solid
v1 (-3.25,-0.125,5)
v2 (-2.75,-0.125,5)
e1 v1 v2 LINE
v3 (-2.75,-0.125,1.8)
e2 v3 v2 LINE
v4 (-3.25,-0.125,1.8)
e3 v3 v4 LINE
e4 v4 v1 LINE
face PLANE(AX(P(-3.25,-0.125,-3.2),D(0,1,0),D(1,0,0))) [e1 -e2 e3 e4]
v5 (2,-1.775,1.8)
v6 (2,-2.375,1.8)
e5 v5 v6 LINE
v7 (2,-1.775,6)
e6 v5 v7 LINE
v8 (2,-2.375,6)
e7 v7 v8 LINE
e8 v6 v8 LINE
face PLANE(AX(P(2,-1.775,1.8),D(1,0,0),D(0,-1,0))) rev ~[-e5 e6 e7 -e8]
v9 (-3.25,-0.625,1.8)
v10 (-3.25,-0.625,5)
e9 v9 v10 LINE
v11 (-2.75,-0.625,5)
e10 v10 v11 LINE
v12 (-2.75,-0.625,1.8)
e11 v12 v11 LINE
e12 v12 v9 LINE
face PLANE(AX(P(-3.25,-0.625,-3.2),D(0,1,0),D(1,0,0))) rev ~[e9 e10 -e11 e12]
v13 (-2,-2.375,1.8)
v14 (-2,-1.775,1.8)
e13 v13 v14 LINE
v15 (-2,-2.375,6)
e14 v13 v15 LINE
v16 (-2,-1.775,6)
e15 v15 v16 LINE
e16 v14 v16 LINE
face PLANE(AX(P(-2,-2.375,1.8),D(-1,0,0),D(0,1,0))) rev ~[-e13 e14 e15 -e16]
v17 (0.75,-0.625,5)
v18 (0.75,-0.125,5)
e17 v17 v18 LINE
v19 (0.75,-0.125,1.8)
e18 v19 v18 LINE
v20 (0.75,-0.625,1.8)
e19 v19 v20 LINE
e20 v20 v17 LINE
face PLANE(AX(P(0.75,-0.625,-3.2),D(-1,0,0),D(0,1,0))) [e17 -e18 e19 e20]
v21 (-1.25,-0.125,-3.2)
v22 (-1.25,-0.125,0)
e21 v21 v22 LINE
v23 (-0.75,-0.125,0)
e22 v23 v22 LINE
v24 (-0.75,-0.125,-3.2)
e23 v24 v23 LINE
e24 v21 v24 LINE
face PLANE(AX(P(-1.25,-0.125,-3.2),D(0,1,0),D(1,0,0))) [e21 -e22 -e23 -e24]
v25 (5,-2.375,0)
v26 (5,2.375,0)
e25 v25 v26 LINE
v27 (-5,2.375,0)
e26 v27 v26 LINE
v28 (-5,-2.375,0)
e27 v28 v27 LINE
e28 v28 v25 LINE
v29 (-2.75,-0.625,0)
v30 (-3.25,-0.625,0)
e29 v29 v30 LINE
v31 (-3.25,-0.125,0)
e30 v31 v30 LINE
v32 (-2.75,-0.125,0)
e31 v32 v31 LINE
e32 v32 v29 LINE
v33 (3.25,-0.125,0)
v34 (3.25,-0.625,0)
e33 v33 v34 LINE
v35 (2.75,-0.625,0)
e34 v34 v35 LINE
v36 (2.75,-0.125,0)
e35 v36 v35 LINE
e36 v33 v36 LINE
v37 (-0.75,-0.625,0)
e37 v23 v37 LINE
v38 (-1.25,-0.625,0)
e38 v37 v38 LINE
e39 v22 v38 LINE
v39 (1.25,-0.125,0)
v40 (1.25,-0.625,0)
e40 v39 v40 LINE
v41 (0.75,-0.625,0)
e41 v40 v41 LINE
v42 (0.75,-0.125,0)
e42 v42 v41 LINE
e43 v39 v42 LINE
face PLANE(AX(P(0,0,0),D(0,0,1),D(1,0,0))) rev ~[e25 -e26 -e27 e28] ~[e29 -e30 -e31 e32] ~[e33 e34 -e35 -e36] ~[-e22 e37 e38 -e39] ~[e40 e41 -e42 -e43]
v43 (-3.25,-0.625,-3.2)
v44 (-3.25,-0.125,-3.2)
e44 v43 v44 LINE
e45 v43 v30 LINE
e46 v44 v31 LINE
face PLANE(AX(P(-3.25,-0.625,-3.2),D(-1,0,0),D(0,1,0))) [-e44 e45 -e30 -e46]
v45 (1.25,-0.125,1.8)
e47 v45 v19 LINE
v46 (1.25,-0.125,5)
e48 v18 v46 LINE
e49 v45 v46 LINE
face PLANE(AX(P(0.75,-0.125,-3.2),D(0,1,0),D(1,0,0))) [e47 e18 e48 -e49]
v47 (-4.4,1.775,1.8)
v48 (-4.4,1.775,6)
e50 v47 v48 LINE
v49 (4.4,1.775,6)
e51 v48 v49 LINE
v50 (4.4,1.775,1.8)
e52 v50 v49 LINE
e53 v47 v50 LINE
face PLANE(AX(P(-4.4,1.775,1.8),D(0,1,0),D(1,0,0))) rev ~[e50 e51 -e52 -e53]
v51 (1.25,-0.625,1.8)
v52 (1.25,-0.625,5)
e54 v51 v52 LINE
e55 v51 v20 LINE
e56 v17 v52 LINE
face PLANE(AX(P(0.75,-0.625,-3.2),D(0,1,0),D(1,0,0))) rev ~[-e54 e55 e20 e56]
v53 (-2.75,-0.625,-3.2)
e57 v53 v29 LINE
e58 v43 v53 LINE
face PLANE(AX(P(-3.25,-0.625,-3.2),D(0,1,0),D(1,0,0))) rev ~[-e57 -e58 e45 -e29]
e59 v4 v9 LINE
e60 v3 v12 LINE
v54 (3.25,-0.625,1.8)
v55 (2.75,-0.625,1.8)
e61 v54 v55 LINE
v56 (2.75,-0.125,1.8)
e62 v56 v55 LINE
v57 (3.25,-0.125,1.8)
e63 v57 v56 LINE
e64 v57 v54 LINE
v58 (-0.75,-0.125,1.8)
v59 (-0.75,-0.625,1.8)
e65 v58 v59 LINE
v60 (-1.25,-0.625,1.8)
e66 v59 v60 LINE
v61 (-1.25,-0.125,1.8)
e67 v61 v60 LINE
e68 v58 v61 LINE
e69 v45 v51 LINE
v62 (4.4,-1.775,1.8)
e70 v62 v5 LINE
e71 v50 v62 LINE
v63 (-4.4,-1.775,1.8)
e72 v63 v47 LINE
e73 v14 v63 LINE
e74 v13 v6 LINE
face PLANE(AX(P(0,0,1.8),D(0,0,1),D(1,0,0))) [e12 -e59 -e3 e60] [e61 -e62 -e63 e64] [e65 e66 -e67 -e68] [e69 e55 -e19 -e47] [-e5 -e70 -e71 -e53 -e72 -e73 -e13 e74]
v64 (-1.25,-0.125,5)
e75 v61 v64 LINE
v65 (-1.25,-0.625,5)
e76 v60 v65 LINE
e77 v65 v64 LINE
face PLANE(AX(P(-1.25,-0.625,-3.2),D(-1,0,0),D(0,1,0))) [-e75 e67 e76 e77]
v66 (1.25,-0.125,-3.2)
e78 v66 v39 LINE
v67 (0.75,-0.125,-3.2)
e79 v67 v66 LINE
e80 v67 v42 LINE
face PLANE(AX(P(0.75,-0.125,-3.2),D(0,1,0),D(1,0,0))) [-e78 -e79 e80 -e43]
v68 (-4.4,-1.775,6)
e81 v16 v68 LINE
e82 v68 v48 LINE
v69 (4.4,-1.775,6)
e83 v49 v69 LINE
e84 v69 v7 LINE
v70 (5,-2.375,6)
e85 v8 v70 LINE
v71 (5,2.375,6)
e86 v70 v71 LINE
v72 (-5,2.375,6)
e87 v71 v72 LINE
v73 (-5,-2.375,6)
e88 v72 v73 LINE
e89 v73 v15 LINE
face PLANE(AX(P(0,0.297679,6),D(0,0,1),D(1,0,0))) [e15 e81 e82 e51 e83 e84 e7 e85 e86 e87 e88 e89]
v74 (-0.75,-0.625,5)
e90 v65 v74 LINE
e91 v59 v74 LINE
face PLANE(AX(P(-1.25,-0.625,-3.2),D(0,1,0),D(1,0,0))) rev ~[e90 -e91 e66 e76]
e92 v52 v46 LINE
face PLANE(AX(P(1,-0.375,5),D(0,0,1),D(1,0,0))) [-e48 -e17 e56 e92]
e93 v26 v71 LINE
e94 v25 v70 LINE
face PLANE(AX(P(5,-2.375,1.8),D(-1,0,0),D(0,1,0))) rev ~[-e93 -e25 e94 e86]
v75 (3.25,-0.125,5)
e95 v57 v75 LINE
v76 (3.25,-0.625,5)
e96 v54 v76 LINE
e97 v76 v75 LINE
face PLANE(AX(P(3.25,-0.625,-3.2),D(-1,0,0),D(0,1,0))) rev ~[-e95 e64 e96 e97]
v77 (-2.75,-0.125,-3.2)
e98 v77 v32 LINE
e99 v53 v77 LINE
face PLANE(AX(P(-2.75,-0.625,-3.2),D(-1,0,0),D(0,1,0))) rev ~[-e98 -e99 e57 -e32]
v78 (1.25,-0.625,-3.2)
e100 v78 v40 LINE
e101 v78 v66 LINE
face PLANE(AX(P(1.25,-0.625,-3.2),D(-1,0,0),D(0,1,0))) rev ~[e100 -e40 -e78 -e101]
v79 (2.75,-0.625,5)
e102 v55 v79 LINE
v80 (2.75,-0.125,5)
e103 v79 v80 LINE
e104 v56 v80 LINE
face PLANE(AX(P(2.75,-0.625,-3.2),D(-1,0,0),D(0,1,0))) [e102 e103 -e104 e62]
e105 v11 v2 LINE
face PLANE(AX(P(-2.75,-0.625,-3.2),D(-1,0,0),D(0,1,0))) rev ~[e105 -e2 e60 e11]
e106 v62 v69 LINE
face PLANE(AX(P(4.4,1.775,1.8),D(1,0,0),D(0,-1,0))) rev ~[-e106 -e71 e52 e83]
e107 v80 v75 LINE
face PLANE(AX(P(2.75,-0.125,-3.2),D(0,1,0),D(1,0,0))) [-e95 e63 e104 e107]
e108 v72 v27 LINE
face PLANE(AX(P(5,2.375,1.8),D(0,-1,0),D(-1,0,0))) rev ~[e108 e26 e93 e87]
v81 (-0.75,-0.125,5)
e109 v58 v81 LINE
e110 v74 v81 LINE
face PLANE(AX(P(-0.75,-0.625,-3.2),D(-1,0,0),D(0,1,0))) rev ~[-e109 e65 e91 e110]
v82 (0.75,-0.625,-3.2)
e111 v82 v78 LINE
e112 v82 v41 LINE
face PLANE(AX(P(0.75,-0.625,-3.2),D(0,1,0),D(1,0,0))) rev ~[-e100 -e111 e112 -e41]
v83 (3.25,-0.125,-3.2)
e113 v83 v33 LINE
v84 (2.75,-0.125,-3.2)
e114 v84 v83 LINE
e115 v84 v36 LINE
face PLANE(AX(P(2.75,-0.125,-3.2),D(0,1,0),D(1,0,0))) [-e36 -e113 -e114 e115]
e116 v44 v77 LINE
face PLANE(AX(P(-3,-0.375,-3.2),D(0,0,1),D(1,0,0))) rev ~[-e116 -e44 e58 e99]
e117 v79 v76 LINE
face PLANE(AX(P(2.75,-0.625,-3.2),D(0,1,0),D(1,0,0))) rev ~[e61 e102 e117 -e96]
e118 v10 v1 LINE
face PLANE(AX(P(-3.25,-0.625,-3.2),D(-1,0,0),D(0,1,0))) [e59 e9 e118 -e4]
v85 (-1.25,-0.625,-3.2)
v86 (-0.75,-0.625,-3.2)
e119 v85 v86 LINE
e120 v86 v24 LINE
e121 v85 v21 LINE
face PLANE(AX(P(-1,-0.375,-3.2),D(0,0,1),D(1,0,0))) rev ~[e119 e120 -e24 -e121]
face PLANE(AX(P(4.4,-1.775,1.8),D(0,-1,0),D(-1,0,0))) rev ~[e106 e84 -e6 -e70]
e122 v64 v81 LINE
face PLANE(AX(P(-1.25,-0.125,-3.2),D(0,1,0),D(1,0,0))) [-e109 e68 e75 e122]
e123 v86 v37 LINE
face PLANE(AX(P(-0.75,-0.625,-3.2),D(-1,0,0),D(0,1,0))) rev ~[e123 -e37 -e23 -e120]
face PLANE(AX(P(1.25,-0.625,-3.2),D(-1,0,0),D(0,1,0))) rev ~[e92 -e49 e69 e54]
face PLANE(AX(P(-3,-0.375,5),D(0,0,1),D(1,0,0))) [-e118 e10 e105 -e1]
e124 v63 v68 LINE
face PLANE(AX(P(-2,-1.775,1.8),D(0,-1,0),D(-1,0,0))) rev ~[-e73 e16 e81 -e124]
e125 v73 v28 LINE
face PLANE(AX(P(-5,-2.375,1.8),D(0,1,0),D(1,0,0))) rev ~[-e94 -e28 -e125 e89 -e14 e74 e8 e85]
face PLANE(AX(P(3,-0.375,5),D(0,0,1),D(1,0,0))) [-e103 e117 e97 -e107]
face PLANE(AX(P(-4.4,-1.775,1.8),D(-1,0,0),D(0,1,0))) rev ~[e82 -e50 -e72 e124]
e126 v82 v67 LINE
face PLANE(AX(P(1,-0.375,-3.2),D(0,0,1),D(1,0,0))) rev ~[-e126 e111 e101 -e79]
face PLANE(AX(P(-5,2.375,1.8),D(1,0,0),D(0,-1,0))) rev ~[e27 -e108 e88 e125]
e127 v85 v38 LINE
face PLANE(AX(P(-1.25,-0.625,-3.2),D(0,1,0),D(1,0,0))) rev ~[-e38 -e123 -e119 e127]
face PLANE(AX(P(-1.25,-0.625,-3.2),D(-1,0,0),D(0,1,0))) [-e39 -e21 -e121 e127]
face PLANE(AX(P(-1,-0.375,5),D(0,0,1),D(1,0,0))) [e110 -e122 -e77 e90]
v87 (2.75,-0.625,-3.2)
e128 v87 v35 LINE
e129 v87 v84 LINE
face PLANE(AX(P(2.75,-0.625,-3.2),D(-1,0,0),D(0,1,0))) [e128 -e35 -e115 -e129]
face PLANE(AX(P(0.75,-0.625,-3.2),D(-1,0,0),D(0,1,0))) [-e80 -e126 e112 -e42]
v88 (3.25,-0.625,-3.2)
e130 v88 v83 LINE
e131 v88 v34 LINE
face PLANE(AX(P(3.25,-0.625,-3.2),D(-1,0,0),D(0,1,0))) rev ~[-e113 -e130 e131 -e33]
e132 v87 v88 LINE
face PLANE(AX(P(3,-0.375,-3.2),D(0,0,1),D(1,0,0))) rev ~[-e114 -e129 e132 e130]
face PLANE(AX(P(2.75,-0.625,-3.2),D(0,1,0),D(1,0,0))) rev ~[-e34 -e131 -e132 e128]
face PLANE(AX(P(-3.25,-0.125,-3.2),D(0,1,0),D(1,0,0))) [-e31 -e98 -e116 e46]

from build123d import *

# Parameters (mm, degrees)
SKETCH1_W           = 10
SKETCH1_H           = 4.75
BOSS_EXTRUDE1_DEPTH = 1.8
BOSS_EXTRUDE2_DEPTH = 4.2
BOSS_EXTRUDE3_START = -5
SKETCH3_W           = 0.5
SKETCH3_H           = 0.5
BOSS_EXTRUDE3_DEPTH = 8.2
LPATTERN1_COUNT     = 4
LPATTERN1_PITCH     = 2


with BuildPart() as part:
    # Sketch1 → Boss-Extrude1 (new body)
    with BuildSketch(Plane.XY):
        Rectangle(SKETCH1_W, SKETCH1_H)
    extrude(amount=BOSS_EXTRUDE1_DEPTH)

    # Sketch2 → Boss-Extrude2 (add)
    with BuildSketch(Plane.XY.offset(1.8)):
        Polygon((-2, -2.375), (-2, -1.775), (-4.4, -1.775), (-4.4, 1.775), (4.4, 1.775), (4.4, -1.775), (2, -1.775), (2, -2.375), (5, -2.375), (5, 2.375), (-5, 2.375), (-5, -2.375), align=None)
    extrude(amount=BOSS_EXTRUDE2_DEPTH)

    # Sketch3 → Boss-Extrude3 (add)
    with BuildSketch(Plane.XY.offset(1.8).offset(BOSS_EXTRUDE3_START)):
        with Locations((-3, -0.375)):
            Rectangle(SKETCH3_W, SKETCH3_H)
    boss_extrude3 = extrude(amount=BOSS_EXTRUDE3_DEPTH)

    # LPattern1: Boss-Extrude3 ×4
    with Locations(*[(i * LPATTERN1_PITCH, 0, 0) for i in range(1, LPATTERN1_COUNT)]):
        add(boss_extrude3)


solid = part.part
